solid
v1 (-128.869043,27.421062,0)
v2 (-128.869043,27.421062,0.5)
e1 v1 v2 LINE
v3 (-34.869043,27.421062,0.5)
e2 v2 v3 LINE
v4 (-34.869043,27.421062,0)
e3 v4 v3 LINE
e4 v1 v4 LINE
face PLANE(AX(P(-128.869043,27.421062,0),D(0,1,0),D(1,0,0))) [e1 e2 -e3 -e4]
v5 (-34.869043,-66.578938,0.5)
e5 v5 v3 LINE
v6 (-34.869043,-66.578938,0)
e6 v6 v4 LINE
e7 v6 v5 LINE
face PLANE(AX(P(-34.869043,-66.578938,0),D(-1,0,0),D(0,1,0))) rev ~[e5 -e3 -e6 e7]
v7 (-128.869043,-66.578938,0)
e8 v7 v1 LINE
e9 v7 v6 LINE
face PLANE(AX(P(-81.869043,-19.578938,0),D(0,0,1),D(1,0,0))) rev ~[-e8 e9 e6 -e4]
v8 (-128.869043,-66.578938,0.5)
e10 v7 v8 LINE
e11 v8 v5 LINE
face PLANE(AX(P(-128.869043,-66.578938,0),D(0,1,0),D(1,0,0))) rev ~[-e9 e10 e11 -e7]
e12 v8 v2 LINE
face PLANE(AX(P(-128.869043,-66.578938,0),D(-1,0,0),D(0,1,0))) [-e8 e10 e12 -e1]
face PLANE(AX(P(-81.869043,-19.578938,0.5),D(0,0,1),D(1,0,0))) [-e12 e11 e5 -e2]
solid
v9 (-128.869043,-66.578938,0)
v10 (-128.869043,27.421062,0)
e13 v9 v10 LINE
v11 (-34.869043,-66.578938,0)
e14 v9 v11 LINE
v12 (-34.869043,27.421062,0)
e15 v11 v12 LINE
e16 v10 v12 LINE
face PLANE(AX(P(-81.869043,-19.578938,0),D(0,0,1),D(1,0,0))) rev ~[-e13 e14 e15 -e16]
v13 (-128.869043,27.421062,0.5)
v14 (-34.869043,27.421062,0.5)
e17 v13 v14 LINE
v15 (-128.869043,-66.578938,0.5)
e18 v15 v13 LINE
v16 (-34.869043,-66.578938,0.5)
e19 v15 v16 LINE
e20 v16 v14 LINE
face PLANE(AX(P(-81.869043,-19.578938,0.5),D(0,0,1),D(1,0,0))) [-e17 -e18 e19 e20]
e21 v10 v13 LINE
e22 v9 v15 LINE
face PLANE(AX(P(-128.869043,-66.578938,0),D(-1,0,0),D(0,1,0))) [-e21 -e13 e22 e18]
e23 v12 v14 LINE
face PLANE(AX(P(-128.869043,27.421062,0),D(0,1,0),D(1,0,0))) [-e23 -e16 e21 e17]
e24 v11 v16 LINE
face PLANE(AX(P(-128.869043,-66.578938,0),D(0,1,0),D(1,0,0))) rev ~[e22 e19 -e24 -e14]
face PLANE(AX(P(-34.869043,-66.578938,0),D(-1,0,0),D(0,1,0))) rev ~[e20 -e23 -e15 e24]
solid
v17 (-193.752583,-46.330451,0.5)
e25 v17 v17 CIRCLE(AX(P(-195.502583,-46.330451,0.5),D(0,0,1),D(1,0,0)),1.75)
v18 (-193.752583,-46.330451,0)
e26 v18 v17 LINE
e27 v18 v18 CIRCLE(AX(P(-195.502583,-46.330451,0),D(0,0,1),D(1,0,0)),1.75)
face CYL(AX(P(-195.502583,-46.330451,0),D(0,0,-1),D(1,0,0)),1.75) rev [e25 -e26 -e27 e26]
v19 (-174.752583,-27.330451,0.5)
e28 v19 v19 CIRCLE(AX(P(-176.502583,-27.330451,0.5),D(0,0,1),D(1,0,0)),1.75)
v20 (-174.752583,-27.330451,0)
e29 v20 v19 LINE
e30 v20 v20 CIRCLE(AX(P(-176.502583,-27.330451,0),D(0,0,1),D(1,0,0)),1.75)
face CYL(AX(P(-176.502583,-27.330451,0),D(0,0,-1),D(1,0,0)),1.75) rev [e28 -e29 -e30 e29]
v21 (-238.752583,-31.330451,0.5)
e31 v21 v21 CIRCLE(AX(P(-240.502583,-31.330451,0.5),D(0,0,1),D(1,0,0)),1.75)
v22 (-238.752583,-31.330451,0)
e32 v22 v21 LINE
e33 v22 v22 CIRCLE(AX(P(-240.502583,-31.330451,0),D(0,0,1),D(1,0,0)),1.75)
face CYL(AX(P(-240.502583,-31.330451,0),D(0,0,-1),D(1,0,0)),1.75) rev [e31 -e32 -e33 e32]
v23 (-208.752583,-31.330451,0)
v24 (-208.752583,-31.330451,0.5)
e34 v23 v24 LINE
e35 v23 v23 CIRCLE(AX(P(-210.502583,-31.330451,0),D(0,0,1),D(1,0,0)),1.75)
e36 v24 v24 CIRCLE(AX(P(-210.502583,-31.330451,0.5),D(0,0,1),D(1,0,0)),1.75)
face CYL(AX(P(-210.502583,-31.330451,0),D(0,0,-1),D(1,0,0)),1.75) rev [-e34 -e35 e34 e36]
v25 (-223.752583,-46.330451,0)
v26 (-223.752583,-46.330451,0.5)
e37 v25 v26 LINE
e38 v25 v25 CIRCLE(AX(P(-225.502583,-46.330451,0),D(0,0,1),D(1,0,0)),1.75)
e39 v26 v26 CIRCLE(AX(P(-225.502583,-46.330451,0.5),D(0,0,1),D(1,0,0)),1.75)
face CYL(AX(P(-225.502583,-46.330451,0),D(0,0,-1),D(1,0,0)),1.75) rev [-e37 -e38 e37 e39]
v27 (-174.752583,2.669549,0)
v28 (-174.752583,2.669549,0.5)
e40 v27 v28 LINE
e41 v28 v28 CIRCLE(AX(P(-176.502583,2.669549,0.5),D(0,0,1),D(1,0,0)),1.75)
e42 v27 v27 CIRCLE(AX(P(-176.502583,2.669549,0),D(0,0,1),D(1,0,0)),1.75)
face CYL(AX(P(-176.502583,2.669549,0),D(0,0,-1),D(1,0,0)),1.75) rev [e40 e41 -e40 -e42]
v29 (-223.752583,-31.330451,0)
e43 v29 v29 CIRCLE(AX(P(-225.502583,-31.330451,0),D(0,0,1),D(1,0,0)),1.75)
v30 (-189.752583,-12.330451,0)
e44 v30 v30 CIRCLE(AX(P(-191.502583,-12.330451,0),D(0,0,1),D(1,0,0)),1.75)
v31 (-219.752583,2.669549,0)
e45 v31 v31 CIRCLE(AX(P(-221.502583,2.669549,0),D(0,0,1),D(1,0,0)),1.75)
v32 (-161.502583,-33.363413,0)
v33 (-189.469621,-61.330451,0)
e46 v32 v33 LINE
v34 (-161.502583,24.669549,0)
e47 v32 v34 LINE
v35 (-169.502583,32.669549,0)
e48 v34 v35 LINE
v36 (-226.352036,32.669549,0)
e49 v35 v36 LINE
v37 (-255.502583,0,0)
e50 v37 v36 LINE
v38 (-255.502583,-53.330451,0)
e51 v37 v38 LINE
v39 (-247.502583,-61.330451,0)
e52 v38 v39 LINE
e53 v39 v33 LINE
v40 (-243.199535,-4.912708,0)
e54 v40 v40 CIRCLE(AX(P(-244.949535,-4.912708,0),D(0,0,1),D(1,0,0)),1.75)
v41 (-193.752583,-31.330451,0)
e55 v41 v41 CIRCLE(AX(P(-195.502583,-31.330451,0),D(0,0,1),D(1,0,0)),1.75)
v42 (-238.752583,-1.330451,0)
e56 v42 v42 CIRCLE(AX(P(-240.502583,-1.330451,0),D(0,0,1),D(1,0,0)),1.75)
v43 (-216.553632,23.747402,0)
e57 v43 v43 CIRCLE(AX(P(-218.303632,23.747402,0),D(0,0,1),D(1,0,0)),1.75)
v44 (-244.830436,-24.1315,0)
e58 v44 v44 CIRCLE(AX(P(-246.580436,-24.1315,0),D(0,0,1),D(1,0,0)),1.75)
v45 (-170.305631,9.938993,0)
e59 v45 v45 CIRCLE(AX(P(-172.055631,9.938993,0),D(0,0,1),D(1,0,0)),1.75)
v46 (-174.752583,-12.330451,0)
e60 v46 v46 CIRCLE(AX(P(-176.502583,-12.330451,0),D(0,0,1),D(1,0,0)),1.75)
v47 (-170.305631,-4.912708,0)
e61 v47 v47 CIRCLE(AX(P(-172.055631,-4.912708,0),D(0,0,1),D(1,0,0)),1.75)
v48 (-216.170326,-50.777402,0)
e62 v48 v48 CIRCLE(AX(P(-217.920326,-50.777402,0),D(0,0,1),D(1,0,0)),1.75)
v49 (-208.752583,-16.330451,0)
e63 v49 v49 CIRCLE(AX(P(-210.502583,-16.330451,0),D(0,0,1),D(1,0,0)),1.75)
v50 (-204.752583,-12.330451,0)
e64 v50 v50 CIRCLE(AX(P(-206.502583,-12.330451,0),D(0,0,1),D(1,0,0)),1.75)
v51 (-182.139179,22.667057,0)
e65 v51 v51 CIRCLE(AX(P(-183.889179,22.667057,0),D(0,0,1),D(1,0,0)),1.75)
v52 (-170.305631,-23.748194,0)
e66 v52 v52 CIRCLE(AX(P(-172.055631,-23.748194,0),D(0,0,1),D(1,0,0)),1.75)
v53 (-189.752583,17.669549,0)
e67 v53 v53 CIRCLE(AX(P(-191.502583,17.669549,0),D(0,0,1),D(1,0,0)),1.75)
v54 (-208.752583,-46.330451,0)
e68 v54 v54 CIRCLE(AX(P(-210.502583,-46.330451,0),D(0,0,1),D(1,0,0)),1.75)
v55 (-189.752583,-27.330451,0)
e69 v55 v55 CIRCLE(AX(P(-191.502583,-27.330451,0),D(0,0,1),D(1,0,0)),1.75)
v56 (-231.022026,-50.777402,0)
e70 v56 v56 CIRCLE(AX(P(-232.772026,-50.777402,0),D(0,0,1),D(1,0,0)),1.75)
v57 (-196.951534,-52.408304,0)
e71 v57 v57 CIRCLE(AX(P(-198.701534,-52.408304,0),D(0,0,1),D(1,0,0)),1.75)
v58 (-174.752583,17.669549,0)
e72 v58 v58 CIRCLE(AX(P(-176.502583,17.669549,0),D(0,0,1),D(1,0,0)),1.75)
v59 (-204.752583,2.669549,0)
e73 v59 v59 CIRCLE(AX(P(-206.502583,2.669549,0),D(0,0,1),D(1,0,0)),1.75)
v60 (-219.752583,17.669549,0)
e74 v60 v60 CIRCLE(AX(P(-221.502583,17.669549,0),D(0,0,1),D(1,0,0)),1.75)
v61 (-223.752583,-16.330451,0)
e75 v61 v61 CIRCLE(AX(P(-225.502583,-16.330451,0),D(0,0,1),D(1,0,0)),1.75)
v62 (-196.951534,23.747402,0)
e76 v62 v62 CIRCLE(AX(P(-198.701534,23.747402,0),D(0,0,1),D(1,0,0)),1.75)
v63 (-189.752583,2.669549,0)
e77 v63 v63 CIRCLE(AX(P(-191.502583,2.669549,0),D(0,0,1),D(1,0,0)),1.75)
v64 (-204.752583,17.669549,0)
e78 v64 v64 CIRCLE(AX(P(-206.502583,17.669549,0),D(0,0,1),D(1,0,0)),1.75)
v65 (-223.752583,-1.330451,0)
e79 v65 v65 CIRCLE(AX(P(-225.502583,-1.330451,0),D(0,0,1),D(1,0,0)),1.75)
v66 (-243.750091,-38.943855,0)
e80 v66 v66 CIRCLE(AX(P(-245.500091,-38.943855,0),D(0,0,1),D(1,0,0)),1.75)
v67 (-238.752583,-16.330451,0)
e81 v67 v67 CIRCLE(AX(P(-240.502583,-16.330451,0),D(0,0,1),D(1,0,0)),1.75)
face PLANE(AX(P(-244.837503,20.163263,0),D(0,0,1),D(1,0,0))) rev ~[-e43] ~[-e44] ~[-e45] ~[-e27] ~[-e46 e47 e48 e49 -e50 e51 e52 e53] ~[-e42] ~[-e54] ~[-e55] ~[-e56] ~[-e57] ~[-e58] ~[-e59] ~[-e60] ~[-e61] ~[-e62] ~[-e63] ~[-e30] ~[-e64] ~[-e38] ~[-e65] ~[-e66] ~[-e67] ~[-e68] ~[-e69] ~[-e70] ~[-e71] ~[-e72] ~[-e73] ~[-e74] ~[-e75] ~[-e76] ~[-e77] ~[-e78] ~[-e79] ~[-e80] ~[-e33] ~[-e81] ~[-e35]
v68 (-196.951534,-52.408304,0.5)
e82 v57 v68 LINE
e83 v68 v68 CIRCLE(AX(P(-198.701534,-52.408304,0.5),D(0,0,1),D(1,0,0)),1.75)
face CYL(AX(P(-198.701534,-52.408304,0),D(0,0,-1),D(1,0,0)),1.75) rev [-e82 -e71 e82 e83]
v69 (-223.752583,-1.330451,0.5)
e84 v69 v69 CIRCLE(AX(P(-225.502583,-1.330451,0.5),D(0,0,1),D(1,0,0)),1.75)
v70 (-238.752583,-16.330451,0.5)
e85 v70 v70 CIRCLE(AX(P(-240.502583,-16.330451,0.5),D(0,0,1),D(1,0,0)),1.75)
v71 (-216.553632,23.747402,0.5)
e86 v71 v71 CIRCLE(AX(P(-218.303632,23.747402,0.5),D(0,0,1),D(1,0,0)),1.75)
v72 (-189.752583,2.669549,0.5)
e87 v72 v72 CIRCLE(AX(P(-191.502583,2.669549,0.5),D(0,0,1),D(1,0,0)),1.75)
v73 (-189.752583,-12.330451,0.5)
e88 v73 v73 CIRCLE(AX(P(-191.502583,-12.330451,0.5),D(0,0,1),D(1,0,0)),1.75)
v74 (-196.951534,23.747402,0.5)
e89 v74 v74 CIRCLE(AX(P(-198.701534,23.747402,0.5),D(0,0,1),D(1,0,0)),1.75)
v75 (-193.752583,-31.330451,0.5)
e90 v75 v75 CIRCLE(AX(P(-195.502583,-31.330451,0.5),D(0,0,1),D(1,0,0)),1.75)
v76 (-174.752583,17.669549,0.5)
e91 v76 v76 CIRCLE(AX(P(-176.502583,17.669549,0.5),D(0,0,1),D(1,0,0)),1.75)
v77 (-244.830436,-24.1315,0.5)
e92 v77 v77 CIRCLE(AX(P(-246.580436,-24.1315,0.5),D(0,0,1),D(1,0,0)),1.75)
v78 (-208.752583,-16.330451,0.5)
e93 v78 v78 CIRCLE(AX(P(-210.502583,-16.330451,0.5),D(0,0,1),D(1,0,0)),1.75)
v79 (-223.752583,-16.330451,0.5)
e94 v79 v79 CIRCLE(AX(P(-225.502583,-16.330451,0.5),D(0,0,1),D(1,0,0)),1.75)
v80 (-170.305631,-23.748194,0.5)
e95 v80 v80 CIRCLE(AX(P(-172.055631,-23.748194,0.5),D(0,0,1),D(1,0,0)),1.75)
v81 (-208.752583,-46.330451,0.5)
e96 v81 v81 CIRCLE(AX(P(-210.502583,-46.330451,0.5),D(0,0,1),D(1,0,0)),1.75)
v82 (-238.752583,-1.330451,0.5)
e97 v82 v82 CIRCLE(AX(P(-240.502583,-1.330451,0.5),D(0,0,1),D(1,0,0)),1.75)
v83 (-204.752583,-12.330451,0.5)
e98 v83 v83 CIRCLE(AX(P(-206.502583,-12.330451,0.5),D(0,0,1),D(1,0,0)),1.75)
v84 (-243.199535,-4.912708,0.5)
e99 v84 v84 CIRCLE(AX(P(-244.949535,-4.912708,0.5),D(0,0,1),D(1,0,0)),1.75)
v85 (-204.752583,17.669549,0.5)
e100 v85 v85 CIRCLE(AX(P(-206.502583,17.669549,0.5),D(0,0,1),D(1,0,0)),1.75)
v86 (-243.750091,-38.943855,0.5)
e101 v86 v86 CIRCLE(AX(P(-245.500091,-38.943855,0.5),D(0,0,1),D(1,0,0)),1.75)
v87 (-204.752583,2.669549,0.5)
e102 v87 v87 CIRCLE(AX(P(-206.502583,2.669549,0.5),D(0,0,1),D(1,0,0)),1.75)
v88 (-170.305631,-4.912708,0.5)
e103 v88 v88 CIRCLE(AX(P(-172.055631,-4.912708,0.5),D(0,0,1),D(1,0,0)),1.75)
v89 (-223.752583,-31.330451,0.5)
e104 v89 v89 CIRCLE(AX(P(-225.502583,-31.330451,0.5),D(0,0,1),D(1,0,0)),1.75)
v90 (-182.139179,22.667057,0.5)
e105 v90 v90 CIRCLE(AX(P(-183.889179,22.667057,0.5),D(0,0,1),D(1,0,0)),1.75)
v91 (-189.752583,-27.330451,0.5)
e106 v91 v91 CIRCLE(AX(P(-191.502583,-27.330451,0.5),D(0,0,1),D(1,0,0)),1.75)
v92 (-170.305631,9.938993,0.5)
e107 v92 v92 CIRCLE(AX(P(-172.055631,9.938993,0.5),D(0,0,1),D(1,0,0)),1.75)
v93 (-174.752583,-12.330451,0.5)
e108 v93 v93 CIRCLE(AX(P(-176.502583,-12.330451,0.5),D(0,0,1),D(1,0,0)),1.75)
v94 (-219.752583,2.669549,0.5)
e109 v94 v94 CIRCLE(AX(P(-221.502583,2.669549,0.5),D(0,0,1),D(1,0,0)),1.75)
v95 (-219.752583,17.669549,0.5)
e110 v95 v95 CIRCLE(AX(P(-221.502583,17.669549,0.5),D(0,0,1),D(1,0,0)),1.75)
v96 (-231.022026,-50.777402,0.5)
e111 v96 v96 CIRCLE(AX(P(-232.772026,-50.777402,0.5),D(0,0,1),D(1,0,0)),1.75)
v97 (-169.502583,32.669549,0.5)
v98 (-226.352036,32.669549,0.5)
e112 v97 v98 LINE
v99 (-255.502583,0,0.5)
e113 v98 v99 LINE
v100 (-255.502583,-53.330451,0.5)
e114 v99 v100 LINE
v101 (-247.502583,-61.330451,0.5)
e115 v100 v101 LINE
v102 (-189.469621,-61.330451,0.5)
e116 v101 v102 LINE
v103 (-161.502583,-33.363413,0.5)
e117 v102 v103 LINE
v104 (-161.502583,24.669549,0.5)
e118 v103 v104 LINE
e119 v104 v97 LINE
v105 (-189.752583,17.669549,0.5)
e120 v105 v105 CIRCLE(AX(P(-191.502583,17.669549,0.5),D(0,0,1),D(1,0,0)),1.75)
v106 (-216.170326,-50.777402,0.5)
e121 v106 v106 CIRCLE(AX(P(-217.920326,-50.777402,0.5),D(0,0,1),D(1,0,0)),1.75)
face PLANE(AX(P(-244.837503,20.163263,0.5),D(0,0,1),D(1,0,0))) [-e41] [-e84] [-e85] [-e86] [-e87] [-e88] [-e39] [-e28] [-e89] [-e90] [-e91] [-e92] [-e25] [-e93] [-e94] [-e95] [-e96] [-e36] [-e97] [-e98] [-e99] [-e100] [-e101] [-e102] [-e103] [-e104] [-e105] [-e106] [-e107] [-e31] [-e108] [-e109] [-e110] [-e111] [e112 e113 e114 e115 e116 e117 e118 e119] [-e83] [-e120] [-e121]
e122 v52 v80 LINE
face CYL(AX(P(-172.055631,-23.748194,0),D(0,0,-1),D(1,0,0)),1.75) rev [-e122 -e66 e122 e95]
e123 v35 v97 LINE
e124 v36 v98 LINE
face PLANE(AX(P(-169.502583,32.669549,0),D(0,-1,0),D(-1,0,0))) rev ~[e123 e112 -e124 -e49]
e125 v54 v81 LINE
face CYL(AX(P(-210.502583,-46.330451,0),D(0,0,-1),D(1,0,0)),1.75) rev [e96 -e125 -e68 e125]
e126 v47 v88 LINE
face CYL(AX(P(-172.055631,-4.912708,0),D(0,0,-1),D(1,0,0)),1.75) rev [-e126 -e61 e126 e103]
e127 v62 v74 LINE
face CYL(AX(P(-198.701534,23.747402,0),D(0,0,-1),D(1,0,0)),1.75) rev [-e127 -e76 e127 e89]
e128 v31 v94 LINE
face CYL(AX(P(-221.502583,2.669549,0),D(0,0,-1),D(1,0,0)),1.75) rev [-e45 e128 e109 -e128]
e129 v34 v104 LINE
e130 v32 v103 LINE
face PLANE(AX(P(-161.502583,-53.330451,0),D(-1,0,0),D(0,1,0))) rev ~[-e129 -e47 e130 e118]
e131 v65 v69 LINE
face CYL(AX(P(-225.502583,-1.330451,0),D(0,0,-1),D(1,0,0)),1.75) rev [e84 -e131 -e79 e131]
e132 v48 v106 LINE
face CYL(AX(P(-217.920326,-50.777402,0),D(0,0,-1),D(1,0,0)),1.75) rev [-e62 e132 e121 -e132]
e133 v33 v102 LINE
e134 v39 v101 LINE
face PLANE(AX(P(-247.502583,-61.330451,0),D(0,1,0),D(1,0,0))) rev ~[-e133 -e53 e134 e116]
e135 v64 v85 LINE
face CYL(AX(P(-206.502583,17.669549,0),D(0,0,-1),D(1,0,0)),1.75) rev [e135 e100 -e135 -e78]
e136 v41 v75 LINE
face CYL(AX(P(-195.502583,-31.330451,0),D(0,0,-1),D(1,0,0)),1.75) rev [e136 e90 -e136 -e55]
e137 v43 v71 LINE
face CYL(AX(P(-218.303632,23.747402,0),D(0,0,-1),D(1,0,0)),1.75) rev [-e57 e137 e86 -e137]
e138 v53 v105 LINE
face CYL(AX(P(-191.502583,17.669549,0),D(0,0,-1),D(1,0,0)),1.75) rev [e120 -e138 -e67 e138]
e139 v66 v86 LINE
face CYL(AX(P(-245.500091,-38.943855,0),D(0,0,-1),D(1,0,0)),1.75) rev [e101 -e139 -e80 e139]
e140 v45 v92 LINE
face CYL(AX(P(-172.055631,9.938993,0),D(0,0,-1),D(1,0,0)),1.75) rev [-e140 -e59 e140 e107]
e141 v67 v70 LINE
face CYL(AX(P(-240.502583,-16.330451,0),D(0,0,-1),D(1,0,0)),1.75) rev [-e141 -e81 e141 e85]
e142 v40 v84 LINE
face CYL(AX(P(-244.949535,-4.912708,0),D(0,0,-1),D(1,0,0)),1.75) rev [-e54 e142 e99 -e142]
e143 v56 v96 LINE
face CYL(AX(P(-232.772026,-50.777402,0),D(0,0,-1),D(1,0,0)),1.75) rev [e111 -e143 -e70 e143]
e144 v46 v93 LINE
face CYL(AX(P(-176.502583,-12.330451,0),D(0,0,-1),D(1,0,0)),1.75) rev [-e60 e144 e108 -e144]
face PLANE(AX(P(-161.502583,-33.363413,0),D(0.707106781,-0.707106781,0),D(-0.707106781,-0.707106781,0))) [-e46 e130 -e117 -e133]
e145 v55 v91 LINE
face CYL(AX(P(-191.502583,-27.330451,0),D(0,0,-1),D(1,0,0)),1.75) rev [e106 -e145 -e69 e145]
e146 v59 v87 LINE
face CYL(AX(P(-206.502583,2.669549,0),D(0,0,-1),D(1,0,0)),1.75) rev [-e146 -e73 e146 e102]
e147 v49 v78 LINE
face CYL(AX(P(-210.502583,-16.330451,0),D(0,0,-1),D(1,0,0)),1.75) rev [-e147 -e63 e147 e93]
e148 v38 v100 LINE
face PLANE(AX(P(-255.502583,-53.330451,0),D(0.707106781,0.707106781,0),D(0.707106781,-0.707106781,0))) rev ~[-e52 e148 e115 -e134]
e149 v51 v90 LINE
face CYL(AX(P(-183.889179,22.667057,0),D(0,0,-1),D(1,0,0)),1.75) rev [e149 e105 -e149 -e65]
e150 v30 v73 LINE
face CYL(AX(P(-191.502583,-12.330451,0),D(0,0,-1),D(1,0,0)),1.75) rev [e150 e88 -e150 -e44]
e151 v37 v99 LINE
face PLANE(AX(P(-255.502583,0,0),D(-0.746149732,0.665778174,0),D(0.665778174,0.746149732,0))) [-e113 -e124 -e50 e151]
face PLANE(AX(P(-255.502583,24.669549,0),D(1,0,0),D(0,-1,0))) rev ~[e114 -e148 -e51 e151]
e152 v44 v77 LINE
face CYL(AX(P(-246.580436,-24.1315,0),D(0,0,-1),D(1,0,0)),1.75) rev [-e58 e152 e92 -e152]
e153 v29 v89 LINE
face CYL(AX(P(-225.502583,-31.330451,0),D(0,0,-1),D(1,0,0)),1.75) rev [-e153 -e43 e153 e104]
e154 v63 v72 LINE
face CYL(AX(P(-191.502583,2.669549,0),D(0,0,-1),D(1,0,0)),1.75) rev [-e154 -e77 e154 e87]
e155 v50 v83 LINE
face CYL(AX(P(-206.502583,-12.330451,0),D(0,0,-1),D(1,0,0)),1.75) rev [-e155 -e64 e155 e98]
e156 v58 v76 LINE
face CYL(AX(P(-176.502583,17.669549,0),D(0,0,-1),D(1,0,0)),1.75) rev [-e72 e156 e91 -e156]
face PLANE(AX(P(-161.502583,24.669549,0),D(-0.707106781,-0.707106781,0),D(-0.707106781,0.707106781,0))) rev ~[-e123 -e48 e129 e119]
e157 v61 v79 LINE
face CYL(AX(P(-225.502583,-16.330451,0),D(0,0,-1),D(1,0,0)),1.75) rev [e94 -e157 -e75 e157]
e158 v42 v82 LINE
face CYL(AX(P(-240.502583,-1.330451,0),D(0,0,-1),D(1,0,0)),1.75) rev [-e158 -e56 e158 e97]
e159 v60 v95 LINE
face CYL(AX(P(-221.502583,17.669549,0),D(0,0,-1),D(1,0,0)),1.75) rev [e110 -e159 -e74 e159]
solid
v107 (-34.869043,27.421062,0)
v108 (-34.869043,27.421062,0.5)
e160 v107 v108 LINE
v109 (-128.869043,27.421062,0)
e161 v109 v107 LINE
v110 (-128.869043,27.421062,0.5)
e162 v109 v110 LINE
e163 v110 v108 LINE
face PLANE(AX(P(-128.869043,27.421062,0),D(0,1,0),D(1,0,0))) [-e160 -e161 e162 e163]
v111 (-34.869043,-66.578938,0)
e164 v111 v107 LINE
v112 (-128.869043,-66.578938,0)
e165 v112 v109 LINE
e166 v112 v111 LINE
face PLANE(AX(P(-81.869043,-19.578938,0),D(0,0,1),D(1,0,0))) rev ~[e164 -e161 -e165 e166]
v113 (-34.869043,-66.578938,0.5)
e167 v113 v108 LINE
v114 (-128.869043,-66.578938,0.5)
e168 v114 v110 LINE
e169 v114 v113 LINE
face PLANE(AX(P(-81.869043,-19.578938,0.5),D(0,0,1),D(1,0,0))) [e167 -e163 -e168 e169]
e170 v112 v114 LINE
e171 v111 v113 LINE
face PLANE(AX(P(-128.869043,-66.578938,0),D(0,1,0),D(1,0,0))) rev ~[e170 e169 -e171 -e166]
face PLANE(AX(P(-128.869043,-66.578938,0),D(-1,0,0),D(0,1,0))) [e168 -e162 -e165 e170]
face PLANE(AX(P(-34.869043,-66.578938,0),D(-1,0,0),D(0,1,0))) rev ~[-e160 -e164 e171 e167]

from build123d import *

# Parameters (mm, degrees)
F0_W     = 94
F0_H     = 94
F2_DEPTH = 0.5
F1_R     = 1.75
F3_DEPTH = 0.5
F1_W     = 94
F1_H     = 94
F4_DEPTH = 25


with BuildPart() as f2:
    # F0 (on Top) → F2 (new body)
    with BuildSketch(Plane.XY):
        with Locations((-81.8690434098, -19.5789383724)):
            Rectangle(F0_W, F0_H)
    extrude(amount=F2_DEPTH)


with BuildPart() as f3:
    # F1 (on Top) → F3 (new body)
    with BuildSketch(Plane.XY):
        Polygon((-247.5025829284, 32.6695491735), (-255.5025829284, 24.6695491735), (-255.5025829284, 0), (-226.3520359993, 32.6695491735), align=None)
        Polygon((-226.3520359993, 32.6695491735), (-255.5025829284, 0), (-255.5025829284, -53.3304508265), (-247.5025829284, -61.3304508265), (-189.4696205854, -61.3304508265), (-161.5025829284, -33.3634131696), (-161.5025829284, 24.6695491735), (-169.5025829284, 32.6695491735), align=None)
        with Locations((-232.7720262616, -50.7774024841)):
            Circle(F1_R, mode=Mode.SUBTRACT)
        with Locations((-217.920325747, -50.7774024841)):
            Circle(F1_R, mode=Mode.SUBTRACT)
        with Locations((-225.5025829284, -46.3304508265)):
            Circle(F1_R, mode=Mode.SUBTRACT)
        with Locations((-210.5025829284, -46.3304508265)):
            Circle(F1_R, mode=Mode.SUBTRACT)
        with Locations((-198.7015337584, -52.4083041071)):
            Circle(F1_R, mode=Mode.SUBTRACT)
        with Locations((-195.5025829284, -46.3304508265)):
            Circle(F1_R, mode=Mode.SUBTRACT)
        with Locations((-245.5000911592, -38.9438550675)):
            Circle(F1_R, mode=Mode.SUBTRACT)
        with Locations((-240.5025829284, -31.3304508265)):
            Circle(F1_R, mode=Mode.SUBTRACT)
        with Locations((-225.5025829284, -31.3304508265)):
            Circle(F1_R, mode=Mode.SUBTRACT)
        with Locations((-210.5025829284, -31.3304508265)):
            Circle(F1_R, mode=Mode.SUBTRACT)
        with Locations((-246.580436209, -24.1314999966)):
            Circle(F1_R, mode=Mode.SUBTRACT)
        with Locations((-195.5025829284, -31.3304508265)):
            Circle(F1_R, mode=Mode.SUBTRACT)
        with Locations((-191.5025829284, -27.3304508265)):
            Circle(F1_R, mode=Mode.SUBTRACT)
        with Locations((-176.5025829284, -27.3304508265)):
            Circle(F1_R, mode=Mode.SUBTRACT)
        with Locations((-172.0556312709, -23.7481936451)):
            Circle(F1_R, mode=Mode.SUBTRACT)
        with Locations((-240.5025829284, -16.3304508265)):
            Circle(F1_R, mode=Mode.SUBTRACT)
        with Locations((-244.949534586, -4.912708008)):
            Circle(F1_R, mode=Mode.SUBTRACT)
        with Locations((-225.5025829284, -16.3304508265)):
            Circle(F1_R, mode=Mode.SUBTRACT)
        with Locations((-210.5025829284, -16.3304508265)):
            Circle(F1_R, mode=Mode.SUBTRACT)
        with Locations((-206.5025829284, -12.3304508265)):
            Circle(F1_R, mode=Mode.SUBTRACT)
        with Locations((-240.5025829284, -1.3304508265)):
            Circle(F1_R, mode=Mode.SUBTRACT)
        with Locations((-225.5025829284, -1.3304508265)):
            Circle(F1_R, mode=Mode.SUBTRACT)
        with Locations((-221.5025829284, 2.6695491735)):
            Circle(F1_R, mode=Mode.SUBTRACT)
        with Locations((-206.5025829284, 2.6695491735)):
            Circle(F1_R, mode=Mode.SUBTRACT)
        with Locations((-191.5025829284, -12.3304508265)):
            Circle(F1_R, mode=Mode.SUBTRACT)
        with Locations((-176.5025829284, -12.3304508265)):
            Circle(F1_R, mode=Mode.SUBTRACT)
        with Locations((-172.0556312709, -4.912708008)):
            Circle(F1_R, mode=Mode.SUBTRACT)
        with Locations((-191.5025829284, 2.6695491735)):
            Circle(F1_R, mode=Mode.SUBTRACT)
        with Locations((-176.5025829284, 2.6695491735)):
            Circle(F1_R, mode=Mode.SUBTRACT)
        with Locations((-221.5025829284, 17.6695491735)):
            Circle(F1_R, mode=Mode.SUBTRACT)
        with Locations((-206.5025829284, 17.6695491735)):
            Circle(F1_R, mode=Mode.SUBTRACT)
        with Locations((-218.3036320985, 23.747402454)):
            Circle(F1_R, mode=Mode.SUBTRACT)
        with Locations((-191.5025829284, 17.6695491735)):
            Circle(F1_R, mode=Mode.SUBTRACT)
        with Locations((-176.5025829284, 17.6695491735)):
            Circle(F1_R, mode=Mode.SUBTRACT)
        with Locations((-172.0556312709, 9.9389925066)):
            Circle(F1_R, mode=Mode.SUBTRACT)
        with Locations((-198.7015337584, 23.747402454)):
            Circle(F1_R, mode=Mode.SUBTRACT)
        with Locations((-183.8891786875, 22.6670574042)):
            Circle(F1_R, mode=Mode.SUBTRACT)
        Polygon((-161.5025829284, -33.3634131696), (-189.4696205854, -61.3304508265), (-169.5025829284, -61.3304508265), (-161.5025829284, -53.3304508265), align=None)
    extrude(amount=F3_DEPTH)

    # F1 (on Top) → F4 (cut)
    with BuildSketch(Plane.XY):
        Polygon((-161.5025829284, -33.3634131696), (-189.4696205854, -61.3304508265), (-169.5025829284, -61.3304508265), (-161.5025829284, -53.3304508265), align=None)
        Polygon((-247.5025829284, 32.6695491735), (-255.5025829284, 24.6695491735), (-255.5025829284, 0), (-226.3520359993, 32.6695491735), align=None)
    extrude(amount=F4_DEPTH, mode=Mode.SUBTRACT)


with BuildPart() as f3b:
    # F1 (on Top) → F3, piece 2 (new body)
    with BuildSketch(Plane.XY):
        with Locations((-81.8690434098, -19.5789383724)):
            Rectangle(F1_W, F1_H)
    extrude(amount=F3_DEPTH)


with BuildPart() as f3c:
    # F0 (on Top) → F3, piece 3 (new body)
    with BuildSketch(Plane.XY):
        with Locations((-81.8690434098, -19.5789383724)):
            Rectangle(F0_W, F0_H)
    extrude(amount=F3_DEPTH)


solid = Compound([f2.part, f3.part, f3b.part, f3c.part])
